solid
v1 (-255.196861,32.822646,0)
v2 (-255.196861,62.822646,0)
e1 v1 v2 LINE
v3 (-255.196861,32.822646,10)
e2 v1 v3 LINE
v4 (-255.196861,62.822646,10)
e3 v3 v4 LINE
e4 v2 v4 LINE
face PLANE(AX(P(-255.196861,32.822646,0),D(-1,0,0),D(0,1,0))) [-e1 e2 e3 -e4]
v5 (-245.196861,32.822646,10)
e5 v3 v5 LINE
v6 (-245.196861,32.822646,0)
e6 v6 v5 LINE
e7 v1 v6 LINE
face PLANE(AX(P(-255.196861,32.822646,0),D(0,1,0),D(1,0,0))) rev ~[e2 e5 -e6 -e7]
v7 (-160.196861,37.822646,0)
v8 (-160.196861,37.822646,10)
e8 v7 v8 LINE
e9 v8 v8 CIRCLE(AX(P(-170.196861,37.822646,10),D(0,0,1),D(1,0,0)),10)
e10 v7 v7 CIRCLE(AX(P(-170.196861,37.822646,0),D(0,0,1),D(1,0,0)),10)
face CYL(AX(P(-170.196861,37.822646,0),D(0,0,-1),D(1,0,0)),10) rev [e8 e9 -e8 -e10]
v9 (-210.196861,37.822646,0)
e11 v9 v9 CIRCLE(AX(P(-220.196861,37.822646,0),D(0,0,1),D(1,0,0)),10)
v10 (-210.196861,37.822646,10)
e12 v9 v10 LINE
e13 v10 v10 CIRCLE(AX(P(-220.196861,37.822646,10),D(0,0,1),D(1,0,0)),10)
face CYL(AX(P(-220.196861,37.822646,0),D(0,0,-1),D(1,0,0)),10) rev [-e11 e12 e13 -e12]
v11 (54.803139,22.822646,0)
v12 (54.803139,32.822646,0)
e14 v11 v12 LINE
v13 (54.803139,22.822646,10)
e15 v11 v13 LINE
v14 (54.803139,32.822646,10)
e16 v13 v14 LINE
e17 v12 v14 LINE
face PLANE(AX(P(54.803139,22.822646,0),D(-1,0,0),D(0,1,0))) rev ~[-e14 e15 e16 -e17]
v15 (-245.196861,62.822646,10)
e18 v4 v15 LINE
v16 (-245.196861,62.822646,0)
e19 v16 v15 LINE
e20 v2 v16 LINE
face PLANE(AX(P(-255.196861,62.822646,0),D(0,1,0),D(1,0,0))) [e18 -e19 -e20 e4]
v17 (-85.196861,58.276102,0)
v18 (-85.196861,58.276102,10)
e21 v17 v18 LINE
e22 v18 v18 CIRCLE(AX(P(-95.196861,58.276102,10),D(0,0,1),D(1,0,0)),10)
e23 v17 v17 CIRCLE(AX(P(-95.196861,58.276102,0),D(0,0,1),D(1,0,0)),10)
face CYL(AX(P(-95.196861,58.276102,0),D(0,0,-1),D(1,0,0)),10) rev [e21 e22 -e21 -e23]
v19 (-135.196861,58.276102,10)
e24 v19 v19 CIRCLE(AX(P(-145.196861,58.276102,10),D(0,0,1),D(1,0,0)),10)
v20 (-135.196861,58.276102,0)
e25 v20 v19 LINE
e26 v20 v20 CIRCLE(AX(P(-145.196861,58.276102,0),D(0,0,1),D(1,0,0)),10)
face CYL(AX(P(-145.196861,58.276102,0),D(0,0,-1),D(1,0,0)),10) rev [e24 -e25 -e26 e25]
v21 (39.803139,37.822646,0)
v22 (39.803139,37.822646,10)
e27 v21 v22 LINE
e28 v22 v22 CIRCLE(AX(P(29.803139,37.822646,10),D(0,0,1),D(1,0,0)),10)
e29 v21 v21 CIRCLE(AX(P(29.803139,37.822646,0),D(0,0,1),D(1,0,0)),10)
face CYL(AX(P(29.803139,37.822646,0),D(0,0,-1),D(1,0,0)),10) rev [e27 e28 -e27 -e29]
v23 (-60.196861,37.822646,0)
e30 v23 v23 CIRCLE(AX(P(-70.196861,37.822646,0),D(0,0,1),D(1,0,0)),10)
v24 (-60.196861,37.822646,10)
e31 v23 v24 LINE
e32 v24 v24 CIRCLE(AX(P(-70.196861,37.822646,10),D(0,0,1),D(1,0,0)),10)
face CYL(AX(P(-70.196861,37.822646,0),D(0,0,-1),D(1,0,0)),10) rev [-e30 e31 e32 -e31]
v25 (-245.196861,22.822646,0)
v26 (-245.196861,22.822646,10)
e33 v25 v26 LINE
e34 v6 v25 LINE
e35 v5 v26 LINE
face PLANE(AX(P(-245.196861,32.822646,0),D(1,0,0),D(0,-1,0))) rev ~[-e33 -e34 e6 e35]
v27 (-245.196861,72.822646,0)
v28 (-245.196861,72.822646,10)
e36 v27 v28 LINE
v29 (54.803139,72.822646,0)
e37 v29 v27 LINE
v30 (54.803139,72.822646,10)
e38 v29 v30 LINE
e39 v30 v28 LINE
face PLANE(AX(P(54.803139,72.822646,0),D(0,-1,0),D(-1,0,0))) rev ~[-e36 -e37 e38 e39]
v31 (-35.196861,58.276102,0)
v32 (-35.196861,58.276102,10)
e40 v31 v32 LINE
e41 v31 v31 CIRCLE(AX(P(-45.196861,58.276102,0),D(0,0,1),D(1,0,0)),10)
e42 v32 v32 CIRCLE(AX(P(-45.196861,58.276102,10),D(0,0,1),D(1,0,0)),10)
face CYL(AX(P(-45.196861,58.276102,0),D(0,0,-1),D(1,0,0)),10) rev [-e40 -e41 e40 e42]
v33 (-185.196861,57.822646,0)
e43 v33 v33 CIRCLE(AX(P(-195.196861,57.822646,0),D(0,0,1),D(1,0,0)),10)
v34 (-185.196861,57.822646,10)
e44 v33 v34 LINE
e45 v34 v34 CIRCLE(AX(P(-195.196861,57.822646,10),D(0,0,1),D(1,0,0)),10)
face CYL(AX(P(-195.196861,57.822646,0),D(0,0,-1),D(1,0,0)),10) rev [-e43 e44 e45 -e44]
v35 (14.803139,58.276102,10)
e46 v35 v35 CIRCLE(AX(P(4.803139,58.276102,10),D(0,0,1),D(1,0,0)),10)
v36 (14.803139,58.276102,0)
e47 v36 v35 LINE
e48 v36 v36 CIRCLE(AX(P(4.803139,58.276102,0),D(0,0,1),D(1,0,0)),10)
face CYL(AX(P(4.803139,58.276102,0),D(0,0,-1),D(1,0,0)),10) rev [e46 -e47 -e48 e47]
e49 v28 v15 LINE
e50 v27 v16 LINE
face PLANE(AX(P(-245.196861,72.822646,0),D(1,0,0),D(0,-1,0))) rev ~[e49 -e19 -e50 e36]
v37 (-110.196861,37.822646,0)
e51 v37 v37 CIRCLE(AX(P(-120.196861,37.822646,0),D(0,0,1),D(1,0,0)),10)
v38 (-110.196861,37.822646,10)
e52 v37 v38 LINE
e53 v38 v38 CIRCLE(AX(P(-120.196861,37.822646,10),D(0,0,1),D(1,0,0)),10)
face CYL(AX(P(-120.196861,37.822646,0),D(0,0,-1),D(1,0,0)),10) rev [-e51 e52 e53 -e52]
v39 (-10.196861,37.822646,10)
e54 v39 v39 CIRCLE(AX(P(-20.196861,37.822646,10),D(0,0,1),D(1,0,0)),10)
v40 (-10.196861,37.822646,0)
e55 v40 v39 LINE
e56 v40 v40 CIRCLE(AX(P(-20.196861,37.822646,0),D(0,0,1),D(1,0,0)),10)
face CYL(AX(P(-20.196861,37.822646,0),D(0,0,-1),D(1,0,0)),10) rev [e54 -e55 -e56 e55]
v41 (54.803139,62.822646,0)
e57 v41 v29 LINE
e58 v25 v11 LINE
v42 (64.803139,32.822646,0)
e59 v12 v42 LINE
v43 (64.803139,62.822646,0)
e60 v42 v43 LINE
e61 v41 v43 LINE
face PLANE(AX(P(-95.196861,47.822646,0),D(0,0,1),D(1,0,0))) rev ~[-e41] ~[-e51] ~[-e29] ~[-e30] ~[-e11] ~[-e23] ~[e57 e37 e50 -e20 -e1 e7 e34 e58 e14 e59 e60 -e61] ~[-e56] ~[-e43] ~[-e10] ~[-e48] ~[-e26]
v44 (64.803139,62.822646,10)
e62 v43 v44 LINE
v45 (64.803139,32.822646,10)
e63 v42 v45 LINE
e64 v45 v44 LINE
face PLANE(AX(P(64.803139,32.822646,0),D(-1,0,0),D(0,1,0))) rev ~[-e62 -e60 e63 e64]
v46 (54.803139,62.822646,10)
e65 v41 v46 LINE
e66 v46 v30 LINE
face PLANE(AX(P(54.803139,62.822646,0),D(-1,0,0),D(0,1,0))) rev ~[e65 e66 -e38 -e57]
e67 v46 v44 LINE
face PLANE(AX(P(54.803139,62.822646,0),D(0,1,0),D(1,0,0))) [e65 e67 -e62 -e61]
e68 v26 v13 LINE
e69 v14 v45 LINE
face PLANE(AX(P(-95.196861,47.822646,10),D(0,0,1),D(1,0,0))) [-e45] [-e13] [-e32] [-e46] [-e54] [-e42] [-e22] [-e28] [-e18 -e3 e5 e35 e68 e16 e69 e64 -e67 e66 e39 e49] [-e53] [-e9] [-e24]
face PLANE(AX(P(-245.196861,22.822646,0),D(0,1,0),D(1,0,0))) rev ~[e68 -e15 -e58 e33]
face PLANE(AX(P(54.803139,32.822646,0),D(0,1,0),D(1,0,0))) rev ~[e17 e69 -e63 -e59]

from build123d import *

# Parameters (mm, degrees)
F0_R     = 10
F0_W     = 10
F0_H     = 30
F1_DEPTH = 10


with BuildPart() as f1:
    # F0 (on Top) → F1 (new body)
    with BuildSketch(Plane.XY):
        Polygon((-245.196861, 22.822646), (54.803139, 22.822646), (54.803139, 32.822646), (54.803139, 62.822646), (54.803139, 72.822646), (-245.196861, 72.822646), (-245.196861, 62.822646), (-245.196861, 32.822646), align=None)
        with Locations((-220.196861, 37.822646)):
            Circle(F0_R, mode=Mode.SUBTRACT)
        with Locations((-170.196861, 37.822646)):
            Circle(F0_R, mode=Mode.SUBTRACT)
        with Locations((-120.196861, 37.822646)):
            Circle(F0_R, mode=Mode.SUBTRACT)
        with Locations((-70.196861, 37.822646)):
            Circle(F0_R, mode=Mode.SUBTRACT)
        with Locations((-20.196861, 37.822646)):
            Circle(F0_R, mode=Mode.SUBTRACT)
        with Locations((29.803139, 37.822646)):
            Circle(F0_R, mode=Mode.SUBTRACT)
        with Locations((-195.196861, 57.822646)):
            Circle(F0_R, mode=Mode.SUBTRACT)
        with Locations((-145.196861, 58.276102)):
            Circle(F0_R, mode=Mode.SUBTRACT)
        with Locations((-95.196861, 58.276102)):
            Circle(F0_R, mode=Mode.SUBTRACT)
        with Locations((-45.196861, 58.276102)):
            Circle(F0_R, mode=Mode.SUBTRACT)
        with Locations((4.803139, 58.276102)):
            Circle(F0_R, mode=Mode.SUBTRACT)
        with Locations((-250.196861, 47.822646)):
            Rectangle(F0_W, F0_H)
        with Locations((59.803139, 47.822646)):
            Rectangle(F0_W, F0_H)
    extrude(amount=F1_DEPTH)


solid = f1.part
